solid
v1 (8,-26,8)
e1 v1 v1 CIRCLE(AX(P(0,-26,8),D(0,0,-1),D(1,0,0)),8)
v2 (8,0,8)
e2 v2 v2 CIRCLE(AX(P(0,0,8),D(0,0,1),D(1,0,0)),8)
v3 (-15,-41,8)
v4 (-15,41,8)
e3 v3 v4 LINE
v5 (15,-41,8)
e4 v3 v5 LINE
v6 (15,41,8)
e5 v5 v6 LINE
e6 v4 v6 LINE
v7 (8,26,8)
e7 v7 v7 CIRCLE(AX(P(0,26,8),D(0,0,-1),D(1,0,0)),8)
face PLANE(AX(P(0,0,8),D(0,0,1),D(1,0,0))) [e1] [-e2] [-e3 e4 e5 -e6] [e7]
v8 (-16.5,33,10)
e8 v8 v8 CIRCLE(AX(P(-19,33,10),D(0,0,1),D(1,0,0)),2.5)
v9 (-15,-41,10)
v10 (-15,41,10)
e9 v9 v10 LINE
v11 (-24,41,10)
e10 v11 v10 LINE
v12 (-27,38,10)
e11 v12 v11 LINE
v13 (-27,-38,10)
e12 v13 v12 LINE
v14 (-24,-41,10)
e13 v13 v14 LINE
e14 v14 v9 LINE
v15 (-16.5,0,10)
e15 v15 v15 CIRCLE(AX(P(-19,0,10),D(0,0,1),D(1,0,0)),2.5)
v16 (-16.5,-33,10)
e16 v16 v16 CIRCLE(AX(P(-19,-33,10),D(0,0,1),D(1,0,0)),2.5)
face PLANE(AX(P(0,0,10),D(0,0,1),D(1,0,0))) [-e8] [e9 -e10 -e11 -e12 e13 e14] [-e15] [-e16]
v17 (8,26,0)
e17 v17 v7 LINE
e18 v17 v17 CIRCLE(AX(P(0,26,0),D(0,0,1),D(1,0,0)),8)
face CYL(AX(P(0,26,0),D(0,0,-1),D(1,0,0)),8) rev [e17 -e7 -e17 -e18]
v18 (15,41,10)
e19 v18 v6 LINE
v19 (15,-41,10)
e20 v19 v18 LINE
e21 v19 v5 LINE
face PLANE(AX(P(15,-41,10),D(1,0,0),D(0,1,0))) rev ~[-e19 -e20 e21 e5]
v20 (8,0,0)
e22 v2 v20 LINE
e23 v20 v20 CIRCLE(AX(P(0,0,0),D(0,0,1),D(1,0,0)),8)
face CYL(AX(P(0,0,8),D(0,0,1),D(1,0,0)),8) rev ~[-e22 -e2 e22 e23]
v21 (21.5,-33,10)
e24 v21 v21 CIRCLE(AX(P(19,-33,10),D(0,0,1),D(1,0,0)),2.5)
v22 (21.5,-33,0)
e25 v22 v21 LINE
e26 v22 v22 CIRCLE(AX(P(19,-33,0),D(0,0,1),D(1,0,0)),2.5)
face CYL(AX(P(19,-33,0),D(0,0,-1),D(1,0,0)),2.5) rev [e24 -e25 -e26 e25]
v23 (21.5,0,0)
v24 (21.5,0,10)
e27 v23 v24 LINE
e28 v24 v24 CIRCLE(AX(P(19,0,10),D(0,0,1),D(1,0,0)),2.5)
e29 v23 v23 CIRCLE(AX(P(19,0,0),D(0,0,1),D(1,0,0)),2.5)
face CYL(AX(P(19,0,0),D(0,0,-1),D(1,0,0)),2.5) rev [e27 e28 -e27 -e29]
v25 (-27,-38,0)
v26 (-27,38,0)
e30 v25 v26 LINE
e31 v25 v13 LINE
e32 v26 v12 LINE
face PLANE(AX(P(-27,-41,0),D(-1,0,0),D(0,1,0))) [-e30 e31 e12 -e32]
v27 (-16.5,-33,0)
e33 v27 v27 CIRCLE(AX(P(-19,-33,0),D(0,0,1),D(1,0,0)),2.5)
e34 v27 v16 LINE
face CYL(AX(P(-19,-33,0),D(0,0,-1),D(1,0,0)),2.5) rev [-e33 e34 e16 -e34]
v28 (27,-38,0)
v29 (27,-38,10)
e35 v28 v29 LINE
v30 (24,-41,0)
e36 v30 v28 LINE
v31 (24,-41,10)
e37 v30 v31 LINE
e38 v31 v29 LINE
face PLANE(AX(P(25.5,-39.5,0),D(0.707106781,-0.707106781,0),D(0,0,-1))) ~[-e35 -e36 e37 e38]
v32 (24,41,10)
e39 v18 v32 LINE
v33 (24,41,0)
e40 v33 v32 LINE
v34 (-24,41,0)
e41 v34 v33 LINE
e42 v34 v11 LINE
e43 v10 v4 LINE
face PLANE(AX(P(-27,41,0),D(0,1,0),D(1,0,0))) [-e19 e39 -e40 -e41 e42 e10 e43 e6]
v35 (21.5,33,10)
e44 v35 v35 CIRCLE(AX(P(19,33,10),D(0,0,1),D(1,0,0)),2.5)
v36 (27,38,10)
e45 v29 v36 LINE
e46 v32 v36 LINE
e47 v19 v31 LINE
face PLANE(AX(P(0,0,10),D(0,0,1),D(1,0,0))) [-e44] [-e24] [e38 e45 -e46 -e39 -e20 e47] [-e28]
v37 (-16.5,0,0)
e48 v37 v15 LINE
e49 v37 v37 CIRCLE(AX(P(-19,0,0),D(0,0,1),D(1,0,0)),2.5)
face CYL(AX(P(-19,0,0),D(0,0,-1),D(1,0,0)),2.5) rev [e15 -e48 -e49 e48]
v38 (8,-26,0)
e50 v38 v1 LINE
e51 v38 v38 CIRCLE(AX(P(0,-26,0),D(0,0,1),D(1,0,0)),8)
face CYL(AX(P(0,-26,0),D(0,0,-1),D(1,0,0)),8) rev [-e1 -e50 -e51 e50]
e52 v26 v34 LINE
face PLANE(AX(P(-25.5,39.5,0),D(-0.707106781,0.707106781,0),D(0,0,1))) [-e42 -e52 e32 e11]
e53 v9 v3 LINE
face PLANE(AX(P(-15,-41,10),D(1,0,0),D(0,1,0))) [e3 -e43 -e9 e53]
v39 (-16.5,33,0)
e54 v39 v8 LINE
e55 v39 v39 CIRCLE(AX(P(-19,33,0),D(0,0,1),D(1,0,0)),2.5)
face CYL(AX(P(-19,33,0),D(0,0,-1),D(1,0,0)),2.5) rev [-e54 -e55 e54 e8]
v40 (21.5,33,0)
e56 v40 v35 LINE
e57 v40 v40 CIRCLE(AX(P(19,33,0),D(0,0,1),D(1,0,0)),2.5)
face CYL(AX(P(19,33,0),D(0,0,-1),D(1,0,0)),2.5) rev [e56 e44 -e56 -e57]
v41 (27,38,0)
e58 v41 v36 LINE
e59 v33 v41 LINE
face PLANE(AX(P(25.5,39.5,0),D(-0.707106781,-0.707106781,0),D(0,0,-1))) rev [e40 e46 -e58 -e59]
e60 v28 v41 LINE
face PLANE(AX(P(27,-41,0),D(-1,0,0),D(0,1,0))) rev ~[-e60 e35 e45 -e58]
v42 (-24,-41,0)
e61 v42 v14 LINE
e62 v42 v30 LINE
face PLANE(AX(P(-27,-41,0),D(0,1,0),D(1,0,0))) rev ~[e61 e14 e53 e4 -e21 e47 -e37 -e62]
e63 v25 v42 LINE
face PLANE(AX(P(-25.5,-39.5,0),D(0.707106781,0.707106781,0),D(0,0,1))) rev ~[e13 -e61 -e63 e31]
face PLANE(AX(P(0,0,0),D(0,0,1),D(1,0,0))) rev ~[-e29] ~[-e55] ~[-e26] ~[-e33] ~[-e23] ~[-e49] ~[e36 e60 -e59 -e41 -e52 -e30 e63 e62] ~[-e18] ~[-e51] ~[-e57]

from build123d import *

# Parameters (mm, degrees)
F0_W     = 54
F0_H     = 82
F0_R     = 2.5
F0_R_2   = 8
F1_DEPTH = 10
F2_SIZE  = 3
F3_W     = 30
F3_H     = 82
F4_DEPTH = 2
F5_R     = 8
F6_DEPTH = 25


with BuildPart() as f1:
    # F0 (on Top) → F1 (new body)
    with BuildSketch(Plane.XY):
        Rectangle(F0_W, F0_H)
        with Locations((-19, -33)):
            Circle(F0_R, mode=Mode.SUBTRACT)
        with Locations((0, -26)):
            Circle(F0_R_2, mode=Mode.SUBTRACT)
        with Locations((19, -33)):
            Circle(F0_R, mode=Mode.SUBTRACT)
        with Locations((-19, 0)):
            Circle(F0_R, mode=Mode.SUBTRACT)
        with Locations((-19, 33)):
            Circle(F0_R, mode=Mode.SUBTRACT)
        with Locations((19, 0)):
            Circle(F0_R, mode=Mode.SUBTRACT)
        with Locations((0, 26)):
            Circle(F0_R_2, mode=Mode.SUBTRACT)
        with Locations((19, 33)):
            Circle(F0_R, mode=Mode.SUBTRACT)
    extrude(amount=F1_DEPTH)

    # F2
    f2_edges = [f1.edges().sort_by_distance(p)[0] for p in [
        (27, -41, 5),
        (-27, -41, 5),
        (27, 41, 5),
        (-27, 41, 5),
    ]]
    chamfer(f2_edges, length=F2_SIZE)

    # F3 (on face) → F4 (cut)
    with BuildSketch(Plane.XY.offset(10)):
        Rectangle(F3_W, F3_H)
    extrude(amount=-F4_DEPTH, mode=Mode.SUBTRACT)

    # F5 (on face) → F6 (cut)
    with BuildSketch(Plane.XY.offset(8)):
        Circle(F5_R)
    extrude(amount=-F6_DEPTH, mode=Mode.SUBTRACT)


solid = f1.part
